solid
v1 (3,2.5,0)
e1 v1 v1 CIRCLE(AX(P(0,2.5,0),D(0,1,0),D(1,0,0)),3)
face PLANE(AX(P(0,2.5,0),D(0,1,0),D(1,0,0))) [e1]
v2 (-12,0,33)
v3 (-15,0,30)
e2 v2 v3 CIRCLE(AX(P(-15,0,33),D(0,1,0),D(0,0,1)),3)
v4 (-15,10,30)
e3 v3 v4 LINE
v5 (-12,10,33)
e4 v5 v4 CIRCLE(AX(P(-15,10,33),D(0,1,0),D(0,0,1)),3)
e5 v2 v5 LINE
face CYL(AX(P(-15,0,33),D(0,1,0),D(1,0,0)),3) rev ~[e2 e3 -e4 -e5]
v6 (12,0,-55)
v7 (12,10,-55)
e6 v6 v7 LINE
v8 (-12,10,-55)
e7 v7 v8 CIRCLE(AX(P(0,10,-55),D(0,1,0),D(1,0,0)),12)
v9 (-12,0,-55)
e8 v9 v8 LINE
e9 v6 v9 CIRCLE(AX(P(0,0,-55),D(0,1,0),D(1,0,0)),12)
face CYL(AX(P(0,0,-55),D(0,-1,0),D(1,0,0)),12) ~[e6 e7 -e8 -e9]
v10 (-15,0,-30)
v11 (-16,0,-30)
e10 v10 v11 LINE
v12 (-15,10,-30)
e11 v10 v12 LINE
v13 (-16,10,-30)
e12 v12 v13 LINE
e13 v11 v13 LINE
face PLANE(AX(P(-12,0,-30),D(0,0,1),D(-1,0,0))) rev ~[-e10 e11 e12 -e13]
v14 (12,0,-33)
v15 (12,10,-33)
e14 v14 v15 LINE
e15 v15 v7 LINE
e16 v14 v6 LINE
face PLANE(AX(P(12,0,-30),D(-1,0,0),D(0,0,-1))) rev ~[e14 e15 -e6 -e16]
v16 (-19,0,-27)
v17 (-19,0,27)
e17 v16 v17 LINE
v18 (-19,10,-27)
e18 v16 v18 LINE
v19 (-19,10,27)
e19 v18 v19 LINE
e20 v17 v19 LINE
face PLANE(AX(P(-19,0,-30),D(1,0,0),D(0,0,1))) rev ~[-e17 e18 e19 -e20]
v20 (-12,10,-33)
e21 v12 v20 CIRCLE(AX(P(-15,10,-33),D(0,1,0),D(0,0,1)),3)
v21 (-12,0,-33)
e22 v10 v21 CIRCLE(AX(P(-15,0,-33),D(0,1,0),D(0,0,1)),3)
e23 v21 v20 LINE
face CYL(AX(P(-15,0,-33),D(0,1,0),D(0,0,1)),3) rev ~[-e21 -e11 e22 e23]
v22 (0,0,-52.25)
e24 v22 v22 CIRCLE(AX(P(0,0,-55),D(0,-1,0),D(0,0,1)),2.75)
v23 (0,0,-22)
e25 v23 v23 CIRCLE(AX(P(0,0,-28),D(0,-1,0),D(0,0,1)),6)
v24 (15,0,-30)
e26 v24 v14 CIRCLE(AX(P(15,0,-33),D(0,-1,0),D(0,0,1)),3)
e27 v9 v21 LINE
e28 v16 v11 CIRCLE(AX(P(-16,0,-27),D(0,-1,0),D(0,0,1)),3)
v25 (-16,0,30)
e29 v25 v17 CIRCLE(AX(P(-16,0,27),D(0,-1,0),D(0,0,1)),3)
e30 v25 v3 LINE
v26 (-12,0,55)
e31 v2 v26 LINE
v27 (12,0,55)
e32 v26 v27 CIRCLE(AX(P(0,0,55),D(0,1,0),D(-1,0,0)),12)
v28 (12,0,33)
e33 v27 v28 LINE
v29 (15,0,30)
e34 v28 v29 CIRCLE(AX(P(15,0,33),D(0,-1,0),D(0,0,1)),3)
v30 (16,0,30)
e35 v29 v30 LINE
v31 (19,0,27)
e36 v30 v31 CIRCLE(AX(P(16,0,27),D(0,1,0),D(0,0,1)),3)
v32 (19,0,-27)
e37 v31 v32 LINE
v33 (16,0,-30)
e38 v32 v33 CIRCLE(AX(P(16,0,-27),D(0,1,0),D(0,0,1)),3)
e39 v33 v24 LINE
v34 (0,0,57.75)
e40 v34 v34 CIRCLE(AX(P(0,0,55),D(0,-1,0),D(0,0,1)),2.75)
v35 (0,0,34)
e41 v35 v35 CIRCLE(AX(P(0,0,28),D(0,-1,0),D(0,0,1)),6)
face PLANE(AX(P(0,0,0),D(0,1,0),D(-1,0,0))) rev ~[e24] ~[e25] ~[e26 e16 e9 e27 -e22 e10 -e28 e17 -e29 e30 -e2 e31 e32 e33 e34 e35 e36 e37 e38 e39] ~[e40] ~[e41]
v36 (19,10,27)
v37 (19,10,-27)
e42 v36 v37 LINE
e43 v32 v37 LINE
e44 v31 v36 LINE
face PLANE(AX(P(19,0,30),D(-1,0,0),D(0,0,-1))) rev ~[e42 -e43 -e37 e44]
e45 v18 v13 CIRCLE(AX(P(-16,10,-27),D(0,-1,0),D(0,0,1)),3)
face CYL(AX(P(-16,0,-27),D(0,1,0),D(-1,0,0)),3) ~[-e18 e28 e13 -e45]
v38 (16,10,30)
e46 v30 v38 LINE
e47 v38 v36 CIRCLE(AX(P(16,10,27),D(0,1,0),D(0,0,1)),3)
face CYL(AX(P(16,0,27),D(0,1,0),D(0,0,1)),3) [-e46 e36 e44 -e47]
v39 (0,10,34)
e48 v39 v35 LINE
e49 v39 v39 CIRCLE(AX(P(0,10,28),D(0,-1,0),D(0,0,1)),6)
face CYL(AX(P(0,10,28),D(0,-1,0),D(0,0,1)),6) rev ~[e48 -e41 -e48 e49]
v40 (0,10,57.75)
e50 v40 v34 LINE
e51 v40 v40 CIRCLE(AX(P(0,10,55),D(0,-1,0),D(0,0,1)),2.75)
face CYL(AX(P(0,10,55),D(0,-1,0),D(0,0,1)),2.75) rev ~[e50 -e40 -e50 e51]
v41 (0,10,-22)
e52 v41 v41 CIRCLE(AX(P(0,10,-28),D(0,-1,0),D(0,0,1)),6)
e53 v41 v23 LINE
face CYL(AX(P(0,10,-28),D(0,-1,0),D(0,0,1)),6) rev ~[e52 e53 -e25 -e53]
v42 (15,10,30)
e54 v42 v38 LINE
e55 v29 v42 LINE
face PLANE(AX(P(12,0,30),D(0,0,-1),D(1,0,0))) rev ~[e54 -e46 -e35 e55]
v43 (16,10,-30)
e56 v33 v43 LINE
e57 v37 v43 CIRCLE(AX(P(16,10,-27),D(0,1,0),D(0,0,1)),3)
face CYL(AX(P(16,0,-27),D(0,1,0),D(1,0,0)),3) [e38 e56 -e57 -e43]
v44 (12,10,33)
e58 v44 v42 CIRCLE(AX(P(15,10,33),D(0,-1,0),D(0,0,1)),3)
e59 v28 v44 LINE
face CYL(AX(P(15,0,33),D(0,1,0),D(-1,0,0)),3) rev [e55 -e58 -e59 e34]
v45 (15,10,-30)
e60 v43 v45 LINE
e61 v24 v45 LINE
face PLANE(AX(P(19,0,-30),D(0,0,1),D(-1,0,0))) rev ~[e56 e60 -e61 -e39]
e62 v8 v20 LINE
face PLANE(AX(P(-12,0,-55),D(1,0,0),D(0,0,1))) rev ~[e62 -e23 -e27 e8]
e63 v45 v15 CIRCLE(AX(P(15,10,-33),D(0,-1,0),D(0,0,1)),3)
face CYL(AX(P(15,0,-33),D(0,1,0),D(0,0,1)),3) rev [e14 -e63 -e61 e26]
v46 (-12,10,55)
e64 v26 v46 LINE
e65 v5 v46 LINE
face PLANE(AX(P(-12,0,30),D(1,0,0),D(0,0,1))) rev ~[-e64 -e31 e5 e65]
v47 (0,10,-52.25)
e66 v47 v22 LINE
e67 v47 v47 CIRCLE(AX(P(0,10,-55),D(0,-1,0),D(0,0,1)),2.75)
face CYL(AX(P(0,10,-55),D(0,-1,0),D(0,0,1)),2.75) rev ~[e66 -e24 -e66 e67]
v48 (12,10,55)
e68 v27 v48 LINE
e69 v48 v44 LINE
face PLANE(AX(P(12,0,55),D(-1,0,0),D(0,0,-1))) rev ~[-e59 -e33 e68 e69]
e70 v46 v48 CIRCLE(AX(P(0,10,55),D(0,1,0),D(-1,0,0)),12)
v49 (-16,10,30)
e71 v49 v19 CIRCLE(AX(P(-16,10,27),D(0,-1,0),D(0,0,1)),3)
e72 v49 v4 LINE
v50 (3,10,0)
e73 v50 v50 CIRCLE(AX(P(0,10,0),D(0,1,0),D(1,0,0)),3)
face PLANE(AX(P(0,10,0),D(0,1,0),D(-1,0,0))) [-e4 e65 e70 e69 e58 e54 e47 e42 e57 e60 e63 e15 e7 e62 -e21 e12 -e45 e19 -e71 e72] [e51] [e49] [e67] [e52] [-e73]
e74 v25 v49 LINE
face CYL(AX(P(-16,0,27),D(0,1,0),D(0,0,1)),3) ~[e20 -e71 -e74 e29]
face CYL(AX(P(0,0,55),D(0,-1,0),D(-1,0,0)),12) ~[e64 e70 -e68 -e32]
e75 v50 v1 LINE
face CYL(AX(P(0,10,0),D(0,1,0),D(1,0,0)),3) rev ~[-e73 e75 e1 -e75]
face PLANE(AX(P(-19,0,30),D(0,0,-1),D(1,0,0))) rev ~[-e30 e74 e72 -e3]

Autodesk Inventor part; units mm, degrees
ref_plane "YZ Plane" through (0, 0, 0) normal (1, 0, 0) x (0, 1, 0)
ref_plane "XZ Plane" through (0, 0, 0) normal (0, 1, 0) x (-1, 0, 0)
ref_plane "XY Plane" through (0, 0, 0) normal (0, 0, 1) x (1, 0, 0)
sketch "Sketch1" plane through (0, 0, 0) normal (0, 1, 0) x (-1, 0, 0)
  line L0 (0, 55) -> (0, -55) construction
  line L1 (-12, 55) -> (-12, -55)
  line L2 (12, -55) -> (12, 55)
  arc A0 (12, 55) -> (-12, 55) centre (0, 55) ccw
  arc A1 (-12, -55) -> (12, -55) centre (0, -55) ccw
  line L3 (-19, 30) -> (-19, -30)
  line L4 (-19, -30) -> (19, -30)
  line L5 (19, -30) -> (19, 30)
  line L6 (19, 30) -> (-19, 30)
  line L7 (-19, 30) -> (19, -30) construction
  line L8 (-19, -30) -> (19, 30) construction
  point P0 (0, 0)
  point P1 (-12, 30)
  point P2 (-12, -30)
  point P3 (12, -30)
  point P4 (12, 30)
  dimension "d0" = 60
  dimension "d1" = 110
  dimension "d2" = 12
  dimension "d3" = 38
extrude "Extrusion1" add sketch "Sketch1" along normal blind 10
sketch "Sketch2" plane through (0, 10, 0) normal (0, 1, 0) x (1, 0, 0)
  line L0 (19, -30) -> (19, 30) projected
  line L1 (19, 30) -> (12, 30) projected
  line L2 (12, 30) -> (12, 55) projected
  arc A0 (12, 55) -> (-12, 55) centre (0, 55) ccw projected
  line L3 (-12, 55) -> (-12, 30) projected
  line L4 (-12, 30) -> (-19, 30) projected
  line L5 (-19, 30) -> (-19, -30) projected
  line L6 (-19, -30) -> (-12, -30) projected
  line L7 (-12, -30) -> (-12, -55) projected
  arc A1 (-12, -55) -> (12, -55) centre (0, -55) ccw projected
  line L8 (12, -55) -> (12, -30) projected
  line L9 (12, -30) -> (19, -30) projected
  line L10 (0, -28) -> (0, 28)
  line L11 (0, 0) -> (-19, 0)
  line L12 (-19, 30) -> (-19, -30) projected
  dimension "d6" = 56
hole "Hole1" at (0, 10, 28) at (0, 10, -28) direction (0, -1, 0) diameter 12 end through all
fillet "Fillet1" radius 3 8 edges at (19, 5, 30) (19, 5, -30) (12, 5, 30) (-19, 5, 30) (-12, 5, 30) (-19, 5, -30) (-12, 5, -30) (12, 5, -30)
sketch "Sketch3" plane through (0, 10, 0) normal (0, 1, 0) x (1, 0, 0)
  arc A0 (-12, -55) -> (12, -55) centre (0, -55) ccw projected
  arc A1 (12, 55) -> (-12, 55) centre (0, 55) ccw projected
  point P0 (0, 0)
hole "Hole2" at (0, 10, 55) at (0, 10, -55) direction (0, -1, 0) diameter 5.5 end through all
sketch "Sketch4" plane through (0, 10, 0) normal (0, 1, 0) x (1, 0, 0)
  circle A0 centre (0, 0) radius 3
  dimension "d22" = 6
extrude "Extrusion2" cut sketch "Sketch4" against normal blind 7.5
properties part number "04_Mieng_go_dem_lo_xo" material "Stainless Steel, Austenitic"
